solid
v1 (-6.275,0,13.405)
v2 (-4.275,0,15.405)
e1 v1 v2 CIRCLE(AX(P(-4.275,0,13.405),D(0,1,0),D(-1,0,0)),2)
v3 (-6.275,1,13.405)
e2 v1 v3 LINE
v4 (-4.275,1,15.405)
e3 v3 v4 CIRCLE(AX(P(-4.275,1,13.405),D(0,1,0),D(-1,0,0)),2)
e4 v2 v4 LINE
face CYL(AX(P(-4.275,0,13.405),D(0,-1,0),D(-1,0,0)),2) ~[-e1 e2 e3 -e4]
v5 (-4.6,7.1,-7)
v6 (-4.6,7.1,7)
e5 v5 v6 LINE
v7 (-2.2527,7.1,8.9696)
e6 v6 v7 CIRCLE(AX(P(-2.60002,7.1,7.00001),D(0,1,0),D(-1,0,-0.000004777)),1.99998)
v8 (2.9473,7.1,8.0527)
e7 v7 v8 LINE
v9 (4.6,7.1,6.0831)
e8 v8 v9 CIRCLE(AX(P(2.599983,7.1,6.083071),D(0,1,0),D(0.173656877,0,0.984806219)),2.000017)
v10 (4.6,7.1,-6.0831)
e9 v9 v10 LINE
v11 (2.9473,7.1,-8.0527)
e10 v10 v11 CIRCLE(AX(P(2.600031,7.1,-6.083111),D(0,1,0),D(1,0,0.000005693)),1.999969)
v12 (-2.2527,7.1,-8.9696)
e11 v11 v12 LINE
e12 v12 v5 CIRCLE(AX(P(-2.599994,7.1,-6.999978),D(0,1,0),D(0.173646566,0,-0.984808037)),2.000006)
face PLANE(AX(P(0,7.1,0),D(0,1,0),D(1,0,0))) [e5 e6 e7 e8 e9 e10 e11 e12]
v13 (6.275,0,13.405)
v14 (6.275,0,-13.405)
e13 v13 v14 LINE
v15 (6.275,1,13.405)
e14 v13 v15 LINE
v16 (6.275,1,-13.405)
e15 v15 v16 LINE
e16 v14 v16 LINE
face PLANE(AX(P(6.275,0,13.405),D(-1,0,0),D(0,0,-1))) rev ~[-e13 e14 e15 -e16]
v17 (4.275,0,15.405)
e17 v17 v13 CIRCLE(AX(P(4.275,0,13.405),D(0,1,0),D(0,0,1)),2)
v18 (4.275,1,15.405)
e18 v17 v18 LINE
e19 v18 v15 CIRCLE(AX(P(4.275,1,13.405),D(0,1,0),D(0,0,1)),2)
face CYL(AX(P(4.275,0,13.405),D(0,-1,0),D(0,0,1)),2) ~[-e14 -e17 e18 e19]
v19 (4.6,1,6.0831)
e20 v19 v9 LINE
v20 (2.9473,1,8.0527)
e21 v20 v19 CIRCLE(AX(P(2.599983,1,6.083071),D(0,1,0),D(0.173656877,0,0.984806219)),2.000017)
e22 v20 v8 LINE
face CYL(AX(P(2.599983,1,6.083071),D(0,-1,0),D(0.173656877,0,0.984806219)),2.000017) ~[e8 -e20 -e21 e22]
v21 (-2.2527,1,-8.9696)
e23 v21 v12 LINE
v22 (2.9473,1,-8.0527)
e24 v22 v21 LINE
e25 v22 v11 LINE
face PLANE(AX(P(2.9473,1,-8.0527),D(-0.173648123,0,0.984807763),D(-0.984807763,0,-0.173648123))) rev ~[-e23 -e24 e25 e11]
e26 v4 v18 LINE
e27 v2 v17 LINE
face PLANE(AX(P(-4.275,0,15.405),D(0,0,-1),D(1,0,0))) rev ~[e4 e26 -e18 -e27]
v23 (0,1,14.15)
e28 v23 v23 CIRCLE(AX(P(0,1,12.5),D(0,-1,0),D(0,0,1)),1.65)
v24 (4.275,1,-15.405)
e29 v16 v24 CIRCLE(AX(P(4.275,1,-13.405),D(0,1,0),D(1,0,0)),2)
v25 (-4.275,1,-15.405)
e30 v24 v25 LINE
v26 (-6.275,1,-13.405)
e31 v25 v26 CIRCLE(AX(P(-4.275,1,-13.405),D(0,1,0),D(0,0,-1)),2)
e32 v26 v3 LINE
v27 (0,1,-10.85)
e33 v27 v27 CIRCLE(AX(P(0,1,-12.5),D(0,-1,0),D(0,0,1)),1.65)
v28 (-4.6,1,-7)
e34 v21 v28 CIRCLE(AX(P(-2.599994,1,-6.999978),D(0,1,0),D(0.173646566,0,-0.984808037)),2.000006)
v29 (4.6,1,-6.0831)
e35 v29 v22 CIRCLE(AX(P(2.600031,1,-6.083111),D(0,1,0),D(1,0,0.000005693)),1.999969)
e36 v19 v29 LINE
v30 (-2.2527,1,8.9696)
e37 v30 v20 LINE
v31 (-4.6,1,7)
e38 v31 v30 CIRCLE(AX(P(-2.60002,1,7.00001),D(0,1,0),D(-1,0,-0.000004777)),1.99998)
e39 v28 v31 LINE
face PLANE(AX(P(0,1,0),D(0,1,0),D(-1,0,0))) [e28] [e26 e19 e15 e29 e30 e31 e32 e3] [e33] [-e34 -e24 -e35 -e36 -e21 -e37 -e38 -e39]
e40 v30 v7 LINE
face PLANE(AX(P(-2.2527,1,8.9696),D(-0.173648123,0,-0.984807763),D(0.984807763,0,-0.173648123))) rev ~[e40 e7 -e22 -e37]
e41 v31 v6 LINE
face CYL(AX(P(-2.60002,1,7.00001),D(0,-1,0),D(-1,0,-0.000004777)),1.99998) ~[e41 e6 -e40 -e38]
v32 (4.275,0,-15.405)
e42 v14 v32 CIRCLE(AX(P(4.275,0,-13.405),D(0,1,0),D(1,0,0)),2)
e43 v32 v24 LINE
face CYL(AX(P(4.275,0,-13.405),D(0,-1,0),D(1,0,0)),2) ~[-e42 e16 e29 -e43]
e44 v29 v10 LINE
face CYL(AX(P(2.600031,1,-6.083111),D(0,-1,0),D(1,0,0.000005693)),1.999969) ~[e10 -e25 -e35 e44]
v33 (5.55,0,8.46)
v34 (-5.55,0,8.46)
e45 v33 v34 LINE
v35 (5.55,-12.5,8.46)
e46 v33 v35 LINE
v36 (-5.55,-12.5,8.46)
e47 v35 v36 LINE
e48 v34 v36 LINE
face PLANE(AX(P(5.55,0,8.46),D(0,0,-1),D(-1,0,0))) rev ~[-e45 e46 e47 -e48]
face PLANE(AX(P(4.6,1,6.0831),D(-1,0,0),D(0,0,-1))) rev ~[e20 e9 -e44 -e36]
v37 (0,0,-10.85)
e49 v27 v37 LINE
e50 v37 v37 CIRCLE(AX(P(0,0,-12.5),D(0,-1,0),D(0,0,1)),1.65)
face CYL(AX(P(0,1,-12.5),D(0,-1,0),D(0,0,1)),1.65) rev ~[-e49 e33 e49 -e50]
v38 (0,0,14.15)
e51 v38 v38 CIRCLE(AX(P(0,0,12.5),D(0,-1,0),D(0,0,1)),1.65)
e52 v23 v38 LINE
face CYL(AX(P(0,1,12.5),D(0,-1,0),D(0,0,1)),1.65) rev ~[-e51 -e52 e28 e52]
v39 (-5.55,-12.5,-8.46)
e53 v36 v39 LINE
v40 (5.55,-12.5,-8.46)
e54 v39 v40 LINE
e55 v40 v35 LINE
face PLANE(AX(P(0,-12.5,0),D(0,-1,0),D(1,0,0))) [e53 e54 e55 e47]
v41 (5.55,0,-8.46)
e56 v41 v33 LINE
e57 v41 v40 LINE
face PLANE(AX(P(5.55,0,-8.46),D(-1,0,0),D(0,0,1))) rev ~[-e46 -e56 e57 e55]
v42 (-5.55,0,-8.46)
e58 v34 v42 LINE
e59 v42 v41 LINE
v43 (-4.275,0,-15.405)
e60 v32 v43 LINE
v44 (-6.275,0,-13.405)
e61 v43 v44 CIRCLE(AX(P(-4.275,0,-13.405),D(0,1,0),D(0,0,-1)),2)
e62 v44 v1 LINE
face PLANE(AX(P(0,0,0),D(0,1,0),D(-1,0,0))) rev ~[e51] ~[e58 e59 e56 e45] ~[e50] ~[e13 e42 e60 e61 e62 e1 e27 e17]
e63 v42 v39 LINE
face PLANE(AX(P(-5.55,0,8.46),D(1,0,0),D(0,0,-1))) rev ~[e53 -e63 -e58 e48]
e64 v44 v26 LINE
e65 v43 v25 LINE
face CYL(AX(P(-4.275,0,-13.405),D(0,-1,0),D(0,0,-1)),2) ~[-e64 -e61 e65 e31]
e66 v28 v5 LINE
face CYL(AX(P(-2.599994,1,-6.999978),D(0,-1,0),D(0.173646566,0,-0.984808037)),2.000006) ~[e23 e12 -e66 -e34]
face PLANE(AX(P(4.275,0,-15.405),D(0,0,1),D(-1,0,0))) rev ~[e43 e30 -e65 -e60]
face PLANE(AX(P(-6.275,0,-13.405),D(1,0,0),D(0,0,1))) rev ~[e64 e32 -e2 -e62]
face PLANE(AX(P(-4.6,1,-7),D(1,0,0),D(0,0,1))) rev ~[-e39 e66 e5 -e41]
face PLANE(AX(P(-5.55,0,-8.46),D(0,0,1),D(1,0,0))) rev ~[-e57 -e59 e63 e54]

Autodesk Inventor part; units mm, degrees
ref_plane "YZ Plane" through (0, 0, 0) normal (1, 0, 0) x (0, 1, 0)
ref_plane "XZ Plane" through (0, 0, 0) normal (0, 1, 0) x (-1, 0, 0)
ref_plane "XY Plane" through (0, 0, 0) normal (0, 0, 1) x (1, 0, 0)
sketch "Skizze9" plane through (0, 0, 0) normal (0, 1, 0) x (-1, 0, 0)
  line L0 (4.275, 15.405) -> (-4.275, 15.405)
  line L1 (-6.275, 13.405) -> (-6.275, -13.405)
  line L2 (-4.275, -15.405) -> (4.275, -15.405)
  line L3 (6.275, -13.405) -> (6.275, 13.405)
  line L4 (0, 0) -> (0, -15.405) construction
  line L5 (0, 0) -> (6.275, 0) construction
  arc A0 (6.275, 13.405) -> (4.275, 15.405) centre (4.275, 13.405) ccw
  arc A1 (-6.275, -13.405) -> (-4.275, -15.405) centre (-4.275, -13.405) ccw
  arc A2 (4.275, -15.405) -> (6.275, -13.405) centre (4.275, -13.405) ccw
  arc A3 (-4.275, 15.405) -> (-6.275, 13.405) centre (-4.275, 13.405) ccw
  point P0 (6.275, 15.405)
  point P1 (-6.275, -15.405)
  point P2 (-6.275, 15.405)
  point P3 (6.275, -15.405)
  dimension "d41" = 30.81
  dimension "d42" = 12.55
  dimension "d61" = 2
extrude "Extrusion6" add sketch "Skizze9" along normal blind 1
sketch "Skizze10" plane through (0, 1, 0) normal (0, 1, 0) x (1, 0, 0)
  line L0 (-4.275, -15.405) -> (4.275, -15.405) projected
  line L1 (6.275, -13.405) -> (6.275, 13.405) projected
  line L2 (4.275, 15.405) -> (-4.275, 15.405) projected
  line L3 (-6.275, 13.405) -> (-6.275, -13.405) projected
  line L4 (4.6, -6.0831) -> (4.6, 6.0831)
  line L5 (2.9473, 8.0527) -> (-2.2527, 8.9696)
  line L6 (-4.6, 7) -> (-4.6, -7)
  line L7 (-2.2527, -8.9696) -> (2.9473, -8.0527)
  line L8 (0, 0) -> (-4.6, 0) construction
  line L9 (0, 0) -> (4.6, 0) construction
  line L10 (-4.6, -9.3835) -> (6.275, -9.3835) construction
  line L11 (-4.6, 9.3835) -> (6.275, 9.3835) construction
  arc A0 (-4.6, -7) -> (-2.2527, -8.9696) centre (-2.6, -7) ccw
  arc A1 (-2.2527, 8.9696) -> (-4.6, 7) centre (-2.6, 7) ccw
  arc A2 (2.9473, -8.0527) -> (4.6, -6.0831) centre (2.6, -6.0831) ccw
  arc A3 (4.6, 6.0831) -> (2.9473, 8.0527) centre (2.6, 6.0831) ccw
  arc A4 (4.275, -15.405) -> (6.275, -13.405) centre (4.275, -13.405) ccw projected
  arc A5 (6.275, 13.405) -> (4.275, 15.405) centre (4.275, 13.405) ccw projected
  arc A6 (-4.275, 15.405) -> (-6.275, 13.405) centre (-4.275, 13.405) ccw projected
  arc A7 (-6.275, -13.405) -> (-4.275, -15.405) centre (-4.275, -13.405) ccw projected
  dimension "d45" = 10
  dimension "d46" = 4.6
  dimension "d47" = 4.6
  dimension "d49" = 2
  dimension "d67" = 14
  dimension "d68" = 18
extrude "Extrusion7" add sketch "Skizze10" along normal blind 6.1 contours A2 L7 A0 L6 A1 L5 A3 L4
sketch "Skizze11" plane through (0, 1, 0) normal (0, 1, 0) x (1, 0, 0)
  arc A0 (-2.2527, 8.9696) -> (-4.6, 7) centre (-2.6, 7) ccw projected
  line L0 (-2.2527, 8.9696) -> (2.9473, 8.0527) projected
  arc A1 (4.6, 6.0831) -> (2.9473, 8.0527) centre (2.6, 6.0831) ccw projected
  line L1 (4.6, 6.0831) -> (4.6, -6.0831) projected
  arc A2 (2.9473, -8.0527) -> (4.6, -6.0831) centre (2.6, -6.0831) ccw projected
  line L2 (2.9473, -8.0527) -> (-2.2527, -8.9696) projected
  arc A3 (-4.6, -7) -> (-2.2527, -8.9696) centre (-2.6, -7) ccw projected
  line L3 (-4.6, -7) -> (-4.6, 7) projected
  line L4 (-4.275, -15.405) -> (4.275, -15.405) projected
  line L5 (6.275, -13.405) -> (6.275, 13.405) projected
  line L6 (4.275, 15.405) -> (-4.275, 15.405) projected
  line L7 (-6.275, 13.405) -> (-6.275, -13.405) projected
  line L8 (0, 0) -> (0, 12.5) construction
  line L9 (0, 0) -> (0, -12.5) construction
  arc A4 (4.275, -15.405) -> (6.275, -13.405) centre (4.275, -13.405) ccw projected
  arc A5 (6.275, 13.405) -> (4.275, 15.405) centre (4.275, 13.405) ccw projected
  arc A6 (-4.275, 15.405) -> (-6.275, 13.405) centre (-4.275, 13.405) ccw projected
  arc A7 (-6.275, -13.405) -> (-4.275, -15.405) centre (-4.275, -13.405) ccw projected
  dimension "d52" = 12.5
  dimension "d53" = 12.5
hole "Bohrung3" at (0, 1, 12.5) at (0, 1, -12.5) direction (0, -1, 0) diameter 3.3 end through all
sketch "Skizze12" plane through (0, 0, 0) normal (0, -1, 0) x (1, 0, 0)
  circle A0 centre (0, 12.5) radius 1.65 projected
  circle A1 centre (0, -12.5) radius 1.65 projected
  line L0 (-4.275, 15.405) -> (4.275, 15.405) projected
  arc A2 (-4.275, 15.405) -> (-6.275, 13.405) centre (-4.275, 13.405) ccw projected
  line L1 (-6.275, -13.405) -> (-6.275, 13.405) projected
  arc A3 (-6.275, -13.405) -> (-4.275, -15.405) centre (-4.275, -13.405) ccw projected
  line L2 (4.275, -15.405) -> (-4.275, -15.405) projected
  arc A4 (4.275, -15.405) -> (6.275, -13.405) centre (4.275, -13.405) ccw projected
  line L3 (6.275, 13.405) -> (6.275, -13.405) projected
  arc A5 (6.275, 13.405) -> (4.275, 15.405) centre (4.275, 13.405) ccw projected
  line L4 (-5.55, -8.46) -> (5.55, -8.46)
  line L5 (5.55, -8.46) -> (5.55, 8.46)
  line L6 (5.55, 8.46) -> (-5.55, 8.46)
  line L7 (-5.55, 8.46) -> (-5.55, -8.46)
  line L8 (0, 0) -> (0, 8.46) construction
  line L9 (0, 0) -> (-5.55, 0) construction
  dimension "d62" = 11.1
  dimension "d63" = 16.92
extrude "Extrusion8" add sketch "Skizze12" along normal blind 12.5 contours L7 L6 L5 L4
properties part number "anschluss_daten_2"
